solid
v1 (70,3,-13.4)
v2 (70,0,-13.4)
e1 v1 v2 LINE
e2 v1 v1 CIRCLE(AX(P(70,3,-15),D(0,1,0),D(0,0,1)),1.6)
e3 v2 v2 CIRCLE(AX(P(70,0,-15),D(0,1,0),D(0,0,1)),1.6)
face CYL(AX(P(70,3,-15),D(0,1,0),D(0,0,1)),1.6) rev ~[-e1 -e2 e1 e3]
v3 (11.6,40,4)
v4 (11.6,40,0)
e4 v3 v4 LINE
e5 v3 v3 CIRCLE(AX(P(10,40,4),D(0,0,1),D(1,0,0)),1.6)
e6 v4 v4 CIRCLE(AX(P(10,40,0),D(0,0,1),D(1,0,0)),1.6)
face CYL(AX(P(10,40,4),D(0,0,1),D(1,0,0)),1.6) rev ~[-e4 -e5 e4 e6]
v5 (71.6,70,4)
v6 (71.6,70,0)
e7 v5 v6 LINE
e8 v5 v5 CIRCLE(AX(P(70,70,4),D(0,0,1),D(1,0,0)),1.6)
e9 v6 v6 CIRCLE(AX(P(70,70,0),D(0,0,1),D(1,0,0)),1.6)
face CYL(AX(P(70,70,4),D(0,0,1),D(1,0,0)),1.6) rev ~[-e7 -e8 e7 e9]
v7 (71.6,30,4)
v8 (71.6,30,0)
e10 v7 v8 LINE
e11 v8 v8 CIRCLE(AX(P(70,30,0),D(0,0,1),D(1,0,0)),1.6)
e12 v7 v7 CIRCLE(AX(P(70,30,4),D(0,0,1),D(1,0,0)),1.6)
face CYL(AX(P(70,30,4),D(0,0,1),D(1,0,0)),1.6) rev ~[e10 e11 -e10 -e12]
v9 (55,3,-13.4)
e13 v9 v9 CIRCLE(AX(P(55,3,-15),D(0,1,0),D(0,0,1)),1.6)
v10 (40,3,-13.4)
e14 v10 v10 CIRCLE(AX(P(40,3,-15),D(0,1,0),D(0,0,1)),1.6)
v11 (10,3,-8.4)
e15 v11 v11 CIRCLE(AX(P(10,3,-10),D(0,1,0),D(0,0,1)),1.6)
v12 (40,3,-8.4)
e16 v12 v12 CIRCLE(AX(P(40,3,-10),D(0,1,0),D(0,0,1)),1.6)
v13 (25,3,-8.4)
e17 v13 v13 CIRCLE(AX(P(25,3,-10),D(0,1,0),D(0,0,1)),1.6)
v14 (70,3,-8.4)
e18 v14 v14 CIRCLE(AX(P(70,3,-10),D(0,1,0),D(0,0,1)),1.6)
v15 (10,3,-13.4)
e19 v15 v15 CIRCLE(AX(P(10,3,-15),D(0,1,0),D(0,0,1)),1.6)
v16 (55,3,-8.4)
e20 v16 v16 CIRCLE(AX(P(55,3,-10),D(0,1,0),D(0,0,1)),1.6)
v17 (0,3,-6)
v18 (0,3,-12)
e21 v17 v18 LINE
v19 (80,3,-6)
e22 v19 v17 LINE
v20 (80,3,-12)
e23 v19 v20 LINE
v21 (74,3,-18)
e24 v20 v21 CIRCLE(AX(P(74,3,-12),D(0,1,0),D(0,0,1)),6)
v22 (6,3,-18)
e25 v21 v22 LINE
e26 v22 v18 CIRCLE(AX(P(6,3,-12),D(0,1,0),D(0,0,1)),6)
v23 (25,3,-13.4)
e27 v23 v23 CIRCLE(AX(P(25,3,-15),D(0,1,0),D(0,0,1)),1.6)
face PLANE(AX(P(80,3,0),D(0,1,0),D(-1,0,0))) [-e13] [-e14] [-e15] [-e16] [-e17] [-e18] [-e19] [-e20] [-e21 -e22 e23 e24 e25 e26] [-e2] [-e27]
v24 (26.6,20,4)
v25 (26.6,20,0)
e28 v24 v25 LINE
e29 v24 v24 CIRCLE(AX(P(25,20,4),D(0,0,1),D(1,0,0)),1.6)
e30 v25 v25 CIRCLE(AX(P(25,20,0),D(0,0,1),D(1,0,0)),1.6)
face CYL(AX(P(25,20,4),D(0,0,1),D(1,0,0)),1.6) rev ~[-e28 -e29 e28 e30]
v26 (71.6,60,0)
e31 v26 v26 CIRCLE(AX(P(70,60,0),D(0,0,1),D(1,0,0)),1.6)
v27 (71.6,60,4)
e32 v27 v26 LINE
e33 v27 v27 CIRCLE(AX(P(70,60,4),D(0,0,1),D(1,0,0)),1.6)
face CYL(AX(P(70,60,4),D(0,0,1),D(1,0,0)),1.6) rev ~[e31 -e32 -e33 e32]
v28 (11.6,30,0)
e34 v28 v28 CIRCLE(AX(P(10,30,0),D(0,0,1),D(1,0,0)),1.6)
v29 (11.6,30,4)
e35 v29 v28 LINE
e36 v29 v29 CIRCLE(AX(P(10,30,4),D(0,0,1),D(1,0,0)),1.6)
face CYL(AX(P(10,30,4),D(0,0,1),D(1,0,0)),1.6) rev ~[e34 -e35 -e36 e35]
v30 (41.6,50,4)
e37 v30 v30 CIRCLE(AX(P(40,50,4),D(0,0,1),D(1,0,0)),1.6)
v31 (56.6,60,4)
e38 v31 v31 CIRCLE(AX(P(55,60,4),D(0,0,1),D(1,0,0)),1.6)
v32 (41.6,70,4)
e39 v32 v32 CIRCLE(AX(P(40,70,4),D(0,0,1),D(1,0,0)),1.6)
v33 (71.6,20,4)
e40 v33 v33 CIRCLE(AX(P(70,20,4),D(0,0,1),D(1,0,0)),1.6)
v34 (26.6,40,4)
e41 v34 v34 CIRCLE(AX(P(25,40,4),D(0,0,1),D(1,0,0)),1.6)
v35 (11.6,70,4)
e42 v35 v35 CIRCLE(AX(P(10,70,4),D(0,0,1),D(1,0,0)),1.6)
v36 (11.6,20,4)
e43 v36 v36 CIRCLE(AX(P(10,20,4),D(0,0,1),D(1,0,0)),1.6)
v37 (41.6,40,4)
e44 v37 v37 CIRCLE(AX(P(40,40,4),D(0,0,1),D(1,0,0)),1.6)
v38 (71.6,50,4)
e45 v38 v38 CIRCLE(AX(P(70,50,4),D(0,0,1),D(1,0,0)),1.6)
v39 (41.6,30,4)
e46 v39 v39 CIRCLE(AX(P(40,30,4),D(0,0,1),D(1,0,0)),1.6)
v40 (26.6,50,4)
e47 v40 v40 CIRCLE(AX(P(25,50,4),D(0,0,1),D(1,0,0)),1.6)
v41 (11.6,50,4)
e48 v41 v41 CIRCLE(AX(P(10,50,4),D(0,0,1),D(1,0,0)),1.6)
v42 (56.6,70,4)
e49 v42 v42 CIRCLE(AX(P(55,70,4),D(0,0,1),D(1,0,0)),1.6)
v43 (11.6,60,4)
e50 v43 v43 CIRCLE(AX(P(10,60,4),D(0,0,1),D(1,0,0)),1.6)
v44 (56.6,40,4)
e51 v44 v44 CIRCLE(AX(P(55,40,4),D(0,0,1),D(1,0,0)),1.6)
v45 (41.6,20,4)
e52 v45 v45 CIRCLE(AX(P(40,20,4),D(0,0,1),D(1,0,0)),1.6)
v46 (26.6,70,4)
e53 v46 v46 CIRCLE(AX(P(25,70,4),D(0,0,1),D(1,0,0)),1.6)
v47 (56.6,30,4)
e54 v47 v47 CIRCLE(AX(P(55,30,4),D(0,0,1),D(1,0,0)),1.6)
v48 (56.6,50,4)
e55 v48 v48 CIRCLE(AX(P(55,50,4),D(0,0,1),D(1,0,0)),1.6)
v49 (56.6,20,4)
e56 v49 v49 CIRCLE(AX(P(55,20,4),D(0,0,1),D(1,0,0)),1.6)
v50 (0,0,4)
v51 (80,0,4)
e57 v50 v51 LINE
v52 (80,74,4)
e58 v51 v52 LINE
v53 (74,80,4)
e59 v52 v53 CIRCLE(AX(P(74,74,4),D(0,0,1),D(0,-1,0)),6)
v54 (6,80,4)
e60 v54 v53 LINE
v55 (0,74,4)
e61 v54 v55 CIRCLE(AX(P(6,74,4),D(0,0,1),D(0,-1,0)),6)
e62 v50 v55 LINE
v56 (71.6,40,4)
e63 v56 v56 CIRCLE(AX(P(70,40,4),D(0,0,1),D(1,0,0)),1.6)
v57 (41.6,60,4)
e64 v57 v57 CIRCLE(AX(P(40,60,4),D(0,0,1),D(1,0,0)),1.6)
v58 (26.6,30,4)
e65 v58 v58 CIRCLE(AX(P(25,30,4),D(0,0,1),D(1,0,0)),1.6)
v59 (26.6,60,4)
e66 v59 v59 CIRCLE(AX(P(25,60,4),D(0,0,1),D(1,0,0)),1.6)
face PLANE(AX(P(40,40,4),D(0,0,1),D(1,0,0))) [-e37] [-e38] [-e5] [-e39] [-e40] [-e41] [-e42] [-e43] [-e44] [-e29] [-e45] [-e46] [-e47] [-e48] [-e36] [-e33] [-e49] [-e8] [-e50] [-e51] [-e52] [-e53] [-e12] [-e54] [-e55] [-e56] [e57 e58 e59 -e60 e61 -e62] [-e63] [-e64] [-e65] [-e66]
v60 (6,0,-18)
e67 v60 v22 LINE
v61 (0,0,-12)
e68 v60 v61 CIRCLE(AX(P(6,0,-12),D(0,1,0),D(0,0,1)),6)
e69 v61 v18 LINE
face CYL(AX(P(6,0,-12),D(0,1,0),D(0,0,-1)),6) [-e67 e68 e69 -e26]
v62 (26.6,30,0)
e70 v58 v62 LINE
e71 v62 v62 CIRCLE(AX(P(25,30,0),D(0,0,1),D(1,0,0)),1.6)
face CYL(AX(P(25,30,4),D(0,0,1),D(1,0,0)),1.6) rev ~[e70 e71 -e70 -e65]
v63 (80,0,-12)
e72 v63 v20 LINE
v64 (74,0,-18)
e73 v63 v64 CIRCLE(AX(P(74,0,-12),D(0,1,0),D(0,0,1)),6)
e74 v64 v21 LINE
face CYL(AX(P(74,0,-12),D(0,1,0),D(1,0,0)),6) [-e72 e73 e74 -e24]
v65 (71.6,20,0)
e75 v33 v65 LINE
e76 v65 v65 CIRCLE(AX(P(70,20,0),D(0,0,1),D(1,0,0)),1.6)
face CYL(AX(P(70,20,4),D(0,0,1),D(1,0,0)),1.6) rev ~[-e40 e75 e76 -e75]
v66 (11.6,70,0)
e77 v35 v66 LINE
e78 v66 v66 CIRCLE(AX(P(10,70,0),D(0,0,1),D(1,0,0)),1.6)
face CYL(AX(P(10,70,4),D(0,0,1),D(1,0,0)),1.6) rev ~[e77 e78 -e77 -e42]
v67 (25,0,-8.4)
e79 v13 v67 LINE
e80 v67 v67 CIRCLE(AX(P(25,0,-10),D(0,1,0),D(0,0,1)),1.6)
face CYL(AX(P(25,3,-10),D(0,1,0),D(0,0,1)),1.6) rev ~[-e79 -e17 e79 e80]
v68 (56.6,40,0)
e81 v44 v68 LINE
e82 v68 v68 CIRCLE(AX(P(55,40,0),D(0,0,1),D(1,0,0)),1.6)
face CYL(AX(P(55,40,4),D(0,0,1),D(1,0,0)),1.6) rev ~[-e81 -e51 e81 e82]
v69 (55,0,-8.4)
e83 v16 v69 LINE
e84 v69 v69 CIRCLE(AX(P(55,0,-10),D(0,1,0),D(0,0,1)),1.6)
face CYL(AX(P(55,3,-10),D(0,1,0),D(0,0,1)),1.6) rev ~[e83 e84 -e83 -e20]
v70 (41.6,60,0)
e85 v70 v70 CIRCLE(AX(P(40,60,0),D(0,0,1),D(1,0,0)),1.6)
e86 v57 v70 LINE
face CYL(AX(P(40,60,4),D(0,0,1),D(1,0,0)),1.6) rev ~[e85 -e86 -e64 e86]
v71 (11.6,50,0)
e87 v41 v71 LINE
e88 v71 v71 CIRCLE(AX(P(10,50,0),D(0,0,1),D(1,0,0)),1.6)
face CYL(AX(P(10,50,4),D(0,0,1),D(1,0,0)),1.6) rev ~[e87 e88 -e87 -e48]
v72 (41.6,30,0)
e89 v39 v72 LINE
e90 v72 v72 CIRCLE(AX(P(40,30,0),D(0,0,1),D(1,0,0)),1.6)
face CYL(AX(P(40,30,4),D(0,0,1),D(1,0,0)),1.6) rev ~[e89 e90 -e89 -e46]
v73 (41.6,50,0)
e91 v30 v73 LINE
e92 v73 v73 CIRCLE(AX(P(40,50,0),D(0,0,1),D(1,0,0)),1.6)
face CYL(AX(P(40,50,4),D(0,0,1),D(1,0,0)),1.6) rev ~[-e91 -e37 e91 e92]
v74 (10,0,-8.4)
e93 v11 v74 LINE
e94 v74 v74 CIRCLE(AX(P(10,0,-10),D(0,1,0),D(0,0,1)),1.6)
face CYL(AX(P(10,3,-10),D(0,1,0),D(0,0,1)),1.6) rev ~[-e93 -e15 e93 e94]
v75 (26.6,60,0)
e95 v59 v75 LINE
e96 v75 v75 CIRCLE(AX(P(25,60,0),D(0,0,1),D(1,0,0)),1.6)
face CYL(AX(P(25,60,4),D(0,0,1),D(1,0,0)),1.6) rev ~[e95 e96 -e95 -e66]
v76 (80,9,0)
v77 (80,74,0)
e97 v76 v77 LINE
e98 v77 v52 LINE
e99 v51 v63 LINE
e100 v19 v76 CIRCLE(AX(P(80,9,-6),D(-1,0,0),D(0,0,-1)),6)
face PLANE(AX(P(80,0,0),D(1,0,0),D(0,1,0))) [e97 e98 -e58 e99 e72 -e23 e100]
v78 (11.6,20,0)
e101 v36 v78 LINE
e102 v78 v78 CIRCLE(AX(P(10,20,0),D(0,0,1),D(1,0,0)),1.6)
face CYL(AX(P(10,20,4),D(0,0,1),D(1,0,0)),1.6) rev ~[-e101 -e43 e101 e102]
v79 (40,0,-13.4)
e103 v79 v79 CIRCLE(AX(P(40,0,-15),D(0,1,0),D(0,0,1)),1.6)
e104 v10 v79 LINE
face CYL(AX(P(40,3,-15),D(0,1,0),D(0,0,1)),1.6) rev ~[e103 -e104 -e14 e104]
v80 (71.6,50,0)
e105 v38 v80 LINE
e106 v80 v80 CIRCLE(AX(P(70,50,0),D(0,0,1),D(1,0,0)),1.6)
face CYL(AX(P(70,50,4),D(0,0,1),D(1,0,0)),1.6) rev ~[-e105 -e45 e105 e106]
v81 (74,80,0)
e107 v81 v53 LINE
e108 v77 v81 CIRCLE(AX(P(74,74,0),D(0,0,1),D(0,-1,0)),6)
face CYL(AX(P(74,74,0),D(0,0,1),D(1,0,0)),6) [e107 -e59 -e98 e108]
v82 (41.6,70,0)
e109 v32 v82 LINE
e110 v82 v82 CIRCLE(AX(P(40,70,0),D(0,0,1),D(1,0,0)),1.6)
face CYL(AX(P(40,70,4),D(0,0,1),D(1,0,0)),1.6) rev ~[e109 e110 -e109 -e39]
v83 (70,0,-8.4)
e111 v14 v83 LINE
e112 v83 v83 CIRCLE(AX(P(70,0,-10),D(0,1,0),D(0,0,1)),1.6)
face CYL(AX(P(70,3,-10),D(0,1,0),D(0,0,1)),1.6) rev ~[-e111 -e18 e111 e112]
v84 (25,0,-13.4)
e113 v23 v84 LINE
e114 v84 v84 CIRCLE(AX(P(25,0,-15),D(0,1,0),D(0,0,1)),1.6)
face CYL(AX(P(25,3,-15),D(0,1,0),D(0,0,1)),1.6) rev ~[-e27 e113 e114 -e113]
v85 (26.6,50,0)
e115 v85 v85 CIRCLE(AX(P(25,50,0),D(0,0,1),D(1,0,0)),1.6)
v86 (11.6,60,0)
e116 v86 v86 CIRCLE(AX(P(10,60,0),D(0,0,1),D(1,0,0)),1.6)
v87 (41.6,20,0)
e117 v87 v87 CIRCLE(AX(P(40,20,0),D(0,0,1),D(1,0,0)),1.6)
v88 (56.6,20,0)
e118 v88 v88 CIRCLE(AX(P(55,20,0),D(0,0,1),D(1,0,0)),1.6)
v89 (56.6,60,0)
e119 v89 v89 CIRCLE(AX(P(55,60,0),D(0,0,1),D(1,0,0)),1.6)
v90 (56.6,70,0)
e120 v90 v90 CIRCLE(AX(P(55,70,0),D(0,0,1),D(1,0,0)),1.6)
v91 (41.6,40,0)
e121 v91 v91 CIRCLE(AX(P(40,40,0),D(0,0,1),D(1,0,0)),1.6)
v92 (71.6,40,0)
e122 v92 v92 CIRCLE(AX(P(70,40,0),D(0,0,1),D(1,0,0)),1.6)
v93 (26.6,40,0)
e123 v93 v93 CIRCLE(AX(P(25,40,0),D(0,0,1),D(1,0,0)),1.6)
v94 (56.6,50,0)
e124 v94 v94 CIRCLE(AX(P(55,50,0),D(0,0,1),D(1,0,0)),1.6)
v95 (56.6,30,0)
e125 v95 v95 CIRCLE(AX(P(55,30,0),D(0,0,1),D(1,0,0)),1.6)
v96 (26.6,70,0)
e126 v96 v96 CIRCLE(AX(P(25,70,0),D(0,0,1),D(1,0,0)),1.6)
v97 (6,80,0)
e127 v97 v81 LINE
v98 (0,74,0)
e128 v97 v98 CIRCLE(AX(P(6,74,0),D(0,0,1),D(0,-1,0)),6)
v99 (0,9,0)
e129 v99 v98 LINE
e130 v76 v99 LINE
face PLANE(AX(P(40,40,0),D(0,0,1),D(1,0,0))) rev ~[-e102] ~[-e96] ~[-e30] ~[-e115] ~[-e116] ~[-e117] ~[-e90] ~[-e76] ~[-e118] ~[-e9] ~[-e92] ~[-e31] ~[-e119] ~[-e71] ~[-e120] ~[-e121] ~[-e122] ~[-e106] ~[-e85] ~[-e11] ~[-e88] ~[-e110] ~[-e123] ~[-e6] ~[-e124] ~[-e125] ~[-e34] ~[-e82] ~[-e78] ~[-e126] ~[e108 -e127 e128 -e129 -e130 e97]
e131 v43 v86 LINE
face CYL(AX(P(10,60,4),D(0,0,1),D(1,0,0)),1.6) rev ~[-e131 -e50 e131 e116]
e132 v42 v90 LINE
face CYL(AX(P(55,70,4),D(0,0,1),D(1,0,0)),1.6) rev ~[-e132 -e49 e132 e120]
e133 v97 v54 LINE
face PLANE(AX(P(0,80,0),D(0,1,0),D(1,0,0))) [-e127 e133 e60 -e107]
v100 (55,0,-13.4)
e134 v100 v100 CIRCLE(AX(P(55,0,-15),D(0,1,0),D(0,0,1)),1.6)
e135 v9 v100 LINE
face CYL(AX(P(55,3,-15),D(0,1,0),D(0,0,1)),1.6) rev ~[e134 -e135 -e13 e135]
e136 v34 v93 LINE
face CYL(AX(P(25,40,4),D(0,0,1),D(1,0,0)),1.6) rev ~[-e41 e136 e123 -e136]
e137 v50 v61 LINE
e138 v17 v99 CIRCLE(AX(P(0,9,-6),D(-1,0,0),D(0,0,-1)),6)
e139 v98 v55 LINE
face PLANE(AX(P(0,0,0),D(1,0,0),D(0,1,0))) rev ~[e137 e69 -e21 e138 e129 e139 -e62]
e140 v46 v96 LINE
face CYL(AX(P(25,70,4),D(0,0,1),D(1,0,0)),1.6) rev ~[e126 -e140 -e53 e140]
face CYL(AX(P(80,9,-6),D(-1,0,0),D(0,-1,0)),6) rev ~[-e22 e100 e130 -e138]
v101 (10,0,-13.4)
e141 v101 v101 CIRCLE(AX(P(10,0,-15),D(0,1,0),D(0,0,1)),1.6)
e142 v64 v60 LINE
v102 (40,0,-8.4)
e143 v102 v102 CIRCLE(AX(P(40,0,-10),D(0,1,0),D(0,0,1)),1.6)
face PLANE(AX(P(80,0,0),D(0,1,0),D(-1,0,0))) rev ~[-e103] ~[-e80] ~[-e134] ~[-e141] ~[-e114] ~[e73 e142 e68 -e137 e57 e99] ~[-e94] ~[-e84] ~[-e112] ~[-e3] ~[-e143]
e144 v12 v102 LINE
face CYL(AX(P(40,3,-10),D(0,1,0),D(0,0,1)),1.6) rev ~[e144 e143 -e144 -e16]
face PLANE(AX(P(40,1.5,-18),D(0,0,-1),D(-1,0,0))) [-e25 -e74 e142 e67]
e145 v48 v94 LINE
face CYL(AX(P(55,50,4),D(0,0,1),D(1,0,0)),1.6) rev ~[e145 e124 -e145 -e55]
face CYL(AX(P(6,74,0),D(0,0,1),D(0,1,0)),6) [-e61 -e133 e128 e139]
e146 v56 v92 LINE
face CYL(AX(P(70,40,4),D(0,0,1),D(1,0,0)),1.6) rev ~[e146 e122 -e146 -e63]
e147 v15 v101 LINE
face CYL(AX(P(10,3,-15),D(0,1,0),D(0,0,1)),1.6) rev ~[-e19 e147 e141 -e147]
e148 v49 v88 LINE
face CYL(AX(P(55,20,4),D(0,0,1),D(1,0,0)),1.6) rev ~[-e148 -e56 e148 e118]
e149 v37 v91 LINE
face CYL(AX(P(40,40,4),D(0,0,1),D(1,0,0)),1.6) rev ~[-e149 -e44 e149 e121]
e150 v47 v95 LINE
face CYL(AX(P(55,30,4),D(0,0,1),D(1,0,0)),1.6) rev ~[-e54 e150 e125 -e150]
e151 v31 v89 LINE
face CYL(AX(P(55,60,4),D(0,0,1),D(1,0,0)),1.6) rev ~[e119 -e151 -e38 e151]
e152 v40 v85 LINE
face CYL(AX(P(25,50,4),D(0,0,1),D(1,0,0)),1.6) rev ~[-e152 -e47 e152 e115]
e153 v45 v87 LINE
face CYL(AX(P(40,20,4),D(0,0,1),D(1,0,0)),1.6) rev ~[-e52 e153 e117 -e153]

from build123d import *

# Parameters (mm, degrees)
SKETCH1_W           = 80
SKETCH1_H           = 80
BOSS_EXTRUDE1_DEPTH = 4
SKETCH2_R           = 1.6
CUT_EXTRUDE1_DEPTH  = 114.207773585
LPATTERN1_COUNT     = 6
LPATTERN1_PITCH     = 10
SKETCH3_W           = 80
SKETCH3_H           = 3
BOSS_EXTRUDE2_DEPTH = 18
SKETCH4_R           = 1.6
CUT_EXTRUDE2_DEPTH  = 113.485554628
LPATTERN2_COUNT     = 2
LPATTERN2_PITCH     = 5
FILLET1_R           = 6
FILLET2_R           = 6


with BuildPart() as part:
    # Sketch1 → Boss-Extrude1 (new body)
    with BuildSketch(Plane.XY):
        with Locations((40, 40)):
            Rectangle(SKETCH1_W, SKETCH1_H)
    extrude(amount=BOSS_EXTRUDE1_DEPTH)

    # Sketch2 → Cut-Extrude1 (cut, through all)
    with BuildSketch(Plane.XY.offset(4)):
        with Locations((10, 70)):
            Circle(SKETCH2_R)
        with Locations((25, 70)):
            Circle(SKETCH2_R)
        with Locations((40, 70)):
            Circle(SKETCH2_R)
        with Locations((55, 70)):
            Circle(SKETCH2_R)
        with Locations((70, 70)):
            Circle(SKETCH2_R)
    cut_extrude1 = extrude(amount=-CUT_EXTRUDE1_DEPTH, mode=Mode.SUBTRACT)

    # LPattern1: Cut-Extrude1 ×6
    with Locations(*[(0, -i * LPATTERN1_PITCH, 0) for i in range(1, LPATTERN1_COUNT)]):
        add(cut_extrude1, mode=Mode.SUBTRACT)

    # Sketch3 → Boss-Extrude2 (add)
    with BuildSketch(Plane(origin=(0, 0, 0), x_dir=(-1, 0, 0), z_dir=(0, 0, -1))):
        with Locations((-40, 1.5)):
            Rectangle(SKETCH3_W, SKETCH3_H)
    extrude(amount=BOSS_EXTRUDE2_DEPTH)

    # Sketch4 → Cut-Extrude2 (cut, through all)
    with BuildSketch(Plane(origin=(0, 3, 0), x_dir=(1, 0, 0), z_dir=(0, 1, 0))):
        with Locations(Location((70, 15, 0), (0, 0, 270))):
            Circle(SKETCH4_R)
        with Locations(Location((55, 15, 0), (0, 0, 270))):
            Circle(SKETCH4_R)
        with Locations(Location((40, 15, 0), (0, 0, 270))):
            Circle(SKETCH4_R)
        with Locations(Location((25, 15, 0), (0, 0, 270))):
            Circle(SKETCH4_R)
        with Locations(Location((10, 15, 0), (0, 0, 270))):
            Circle(SKETCH4_R)
    cut_extrude2 = extrude(amount=-CUT_EXTRUDE2_DEPTH, mode=Mode.SUBTRACT)

    # LPattern2: Cut-Extrude2 ×2
    with Locations(*[(0, 0, i * LPATTERN2_PITCH) for i in range(1, LPATTERN2_COUNT)]):
        add(cut_extrude2, mode=Mode.SUBTRACT)

    # Fillet1
    fillet1_edges = [part.edges().sort_by_distance(p)[0] for p in [
        (40, 3, 0),
    ]]
    fillet(fillet1_edges, radius=FILLET1_R)

    # Fillet2
    fillet2_edges = [part.edges().sort_by_distance(p)[0] for p in [
        (80, 1.5, -18),
        (0, 1.5, -18),
        (0, 80, 2),
        (80, 80, 2),
    ]]
    fillet(fillet2_edges, radius=FILLET2_R)


solid = part.part
